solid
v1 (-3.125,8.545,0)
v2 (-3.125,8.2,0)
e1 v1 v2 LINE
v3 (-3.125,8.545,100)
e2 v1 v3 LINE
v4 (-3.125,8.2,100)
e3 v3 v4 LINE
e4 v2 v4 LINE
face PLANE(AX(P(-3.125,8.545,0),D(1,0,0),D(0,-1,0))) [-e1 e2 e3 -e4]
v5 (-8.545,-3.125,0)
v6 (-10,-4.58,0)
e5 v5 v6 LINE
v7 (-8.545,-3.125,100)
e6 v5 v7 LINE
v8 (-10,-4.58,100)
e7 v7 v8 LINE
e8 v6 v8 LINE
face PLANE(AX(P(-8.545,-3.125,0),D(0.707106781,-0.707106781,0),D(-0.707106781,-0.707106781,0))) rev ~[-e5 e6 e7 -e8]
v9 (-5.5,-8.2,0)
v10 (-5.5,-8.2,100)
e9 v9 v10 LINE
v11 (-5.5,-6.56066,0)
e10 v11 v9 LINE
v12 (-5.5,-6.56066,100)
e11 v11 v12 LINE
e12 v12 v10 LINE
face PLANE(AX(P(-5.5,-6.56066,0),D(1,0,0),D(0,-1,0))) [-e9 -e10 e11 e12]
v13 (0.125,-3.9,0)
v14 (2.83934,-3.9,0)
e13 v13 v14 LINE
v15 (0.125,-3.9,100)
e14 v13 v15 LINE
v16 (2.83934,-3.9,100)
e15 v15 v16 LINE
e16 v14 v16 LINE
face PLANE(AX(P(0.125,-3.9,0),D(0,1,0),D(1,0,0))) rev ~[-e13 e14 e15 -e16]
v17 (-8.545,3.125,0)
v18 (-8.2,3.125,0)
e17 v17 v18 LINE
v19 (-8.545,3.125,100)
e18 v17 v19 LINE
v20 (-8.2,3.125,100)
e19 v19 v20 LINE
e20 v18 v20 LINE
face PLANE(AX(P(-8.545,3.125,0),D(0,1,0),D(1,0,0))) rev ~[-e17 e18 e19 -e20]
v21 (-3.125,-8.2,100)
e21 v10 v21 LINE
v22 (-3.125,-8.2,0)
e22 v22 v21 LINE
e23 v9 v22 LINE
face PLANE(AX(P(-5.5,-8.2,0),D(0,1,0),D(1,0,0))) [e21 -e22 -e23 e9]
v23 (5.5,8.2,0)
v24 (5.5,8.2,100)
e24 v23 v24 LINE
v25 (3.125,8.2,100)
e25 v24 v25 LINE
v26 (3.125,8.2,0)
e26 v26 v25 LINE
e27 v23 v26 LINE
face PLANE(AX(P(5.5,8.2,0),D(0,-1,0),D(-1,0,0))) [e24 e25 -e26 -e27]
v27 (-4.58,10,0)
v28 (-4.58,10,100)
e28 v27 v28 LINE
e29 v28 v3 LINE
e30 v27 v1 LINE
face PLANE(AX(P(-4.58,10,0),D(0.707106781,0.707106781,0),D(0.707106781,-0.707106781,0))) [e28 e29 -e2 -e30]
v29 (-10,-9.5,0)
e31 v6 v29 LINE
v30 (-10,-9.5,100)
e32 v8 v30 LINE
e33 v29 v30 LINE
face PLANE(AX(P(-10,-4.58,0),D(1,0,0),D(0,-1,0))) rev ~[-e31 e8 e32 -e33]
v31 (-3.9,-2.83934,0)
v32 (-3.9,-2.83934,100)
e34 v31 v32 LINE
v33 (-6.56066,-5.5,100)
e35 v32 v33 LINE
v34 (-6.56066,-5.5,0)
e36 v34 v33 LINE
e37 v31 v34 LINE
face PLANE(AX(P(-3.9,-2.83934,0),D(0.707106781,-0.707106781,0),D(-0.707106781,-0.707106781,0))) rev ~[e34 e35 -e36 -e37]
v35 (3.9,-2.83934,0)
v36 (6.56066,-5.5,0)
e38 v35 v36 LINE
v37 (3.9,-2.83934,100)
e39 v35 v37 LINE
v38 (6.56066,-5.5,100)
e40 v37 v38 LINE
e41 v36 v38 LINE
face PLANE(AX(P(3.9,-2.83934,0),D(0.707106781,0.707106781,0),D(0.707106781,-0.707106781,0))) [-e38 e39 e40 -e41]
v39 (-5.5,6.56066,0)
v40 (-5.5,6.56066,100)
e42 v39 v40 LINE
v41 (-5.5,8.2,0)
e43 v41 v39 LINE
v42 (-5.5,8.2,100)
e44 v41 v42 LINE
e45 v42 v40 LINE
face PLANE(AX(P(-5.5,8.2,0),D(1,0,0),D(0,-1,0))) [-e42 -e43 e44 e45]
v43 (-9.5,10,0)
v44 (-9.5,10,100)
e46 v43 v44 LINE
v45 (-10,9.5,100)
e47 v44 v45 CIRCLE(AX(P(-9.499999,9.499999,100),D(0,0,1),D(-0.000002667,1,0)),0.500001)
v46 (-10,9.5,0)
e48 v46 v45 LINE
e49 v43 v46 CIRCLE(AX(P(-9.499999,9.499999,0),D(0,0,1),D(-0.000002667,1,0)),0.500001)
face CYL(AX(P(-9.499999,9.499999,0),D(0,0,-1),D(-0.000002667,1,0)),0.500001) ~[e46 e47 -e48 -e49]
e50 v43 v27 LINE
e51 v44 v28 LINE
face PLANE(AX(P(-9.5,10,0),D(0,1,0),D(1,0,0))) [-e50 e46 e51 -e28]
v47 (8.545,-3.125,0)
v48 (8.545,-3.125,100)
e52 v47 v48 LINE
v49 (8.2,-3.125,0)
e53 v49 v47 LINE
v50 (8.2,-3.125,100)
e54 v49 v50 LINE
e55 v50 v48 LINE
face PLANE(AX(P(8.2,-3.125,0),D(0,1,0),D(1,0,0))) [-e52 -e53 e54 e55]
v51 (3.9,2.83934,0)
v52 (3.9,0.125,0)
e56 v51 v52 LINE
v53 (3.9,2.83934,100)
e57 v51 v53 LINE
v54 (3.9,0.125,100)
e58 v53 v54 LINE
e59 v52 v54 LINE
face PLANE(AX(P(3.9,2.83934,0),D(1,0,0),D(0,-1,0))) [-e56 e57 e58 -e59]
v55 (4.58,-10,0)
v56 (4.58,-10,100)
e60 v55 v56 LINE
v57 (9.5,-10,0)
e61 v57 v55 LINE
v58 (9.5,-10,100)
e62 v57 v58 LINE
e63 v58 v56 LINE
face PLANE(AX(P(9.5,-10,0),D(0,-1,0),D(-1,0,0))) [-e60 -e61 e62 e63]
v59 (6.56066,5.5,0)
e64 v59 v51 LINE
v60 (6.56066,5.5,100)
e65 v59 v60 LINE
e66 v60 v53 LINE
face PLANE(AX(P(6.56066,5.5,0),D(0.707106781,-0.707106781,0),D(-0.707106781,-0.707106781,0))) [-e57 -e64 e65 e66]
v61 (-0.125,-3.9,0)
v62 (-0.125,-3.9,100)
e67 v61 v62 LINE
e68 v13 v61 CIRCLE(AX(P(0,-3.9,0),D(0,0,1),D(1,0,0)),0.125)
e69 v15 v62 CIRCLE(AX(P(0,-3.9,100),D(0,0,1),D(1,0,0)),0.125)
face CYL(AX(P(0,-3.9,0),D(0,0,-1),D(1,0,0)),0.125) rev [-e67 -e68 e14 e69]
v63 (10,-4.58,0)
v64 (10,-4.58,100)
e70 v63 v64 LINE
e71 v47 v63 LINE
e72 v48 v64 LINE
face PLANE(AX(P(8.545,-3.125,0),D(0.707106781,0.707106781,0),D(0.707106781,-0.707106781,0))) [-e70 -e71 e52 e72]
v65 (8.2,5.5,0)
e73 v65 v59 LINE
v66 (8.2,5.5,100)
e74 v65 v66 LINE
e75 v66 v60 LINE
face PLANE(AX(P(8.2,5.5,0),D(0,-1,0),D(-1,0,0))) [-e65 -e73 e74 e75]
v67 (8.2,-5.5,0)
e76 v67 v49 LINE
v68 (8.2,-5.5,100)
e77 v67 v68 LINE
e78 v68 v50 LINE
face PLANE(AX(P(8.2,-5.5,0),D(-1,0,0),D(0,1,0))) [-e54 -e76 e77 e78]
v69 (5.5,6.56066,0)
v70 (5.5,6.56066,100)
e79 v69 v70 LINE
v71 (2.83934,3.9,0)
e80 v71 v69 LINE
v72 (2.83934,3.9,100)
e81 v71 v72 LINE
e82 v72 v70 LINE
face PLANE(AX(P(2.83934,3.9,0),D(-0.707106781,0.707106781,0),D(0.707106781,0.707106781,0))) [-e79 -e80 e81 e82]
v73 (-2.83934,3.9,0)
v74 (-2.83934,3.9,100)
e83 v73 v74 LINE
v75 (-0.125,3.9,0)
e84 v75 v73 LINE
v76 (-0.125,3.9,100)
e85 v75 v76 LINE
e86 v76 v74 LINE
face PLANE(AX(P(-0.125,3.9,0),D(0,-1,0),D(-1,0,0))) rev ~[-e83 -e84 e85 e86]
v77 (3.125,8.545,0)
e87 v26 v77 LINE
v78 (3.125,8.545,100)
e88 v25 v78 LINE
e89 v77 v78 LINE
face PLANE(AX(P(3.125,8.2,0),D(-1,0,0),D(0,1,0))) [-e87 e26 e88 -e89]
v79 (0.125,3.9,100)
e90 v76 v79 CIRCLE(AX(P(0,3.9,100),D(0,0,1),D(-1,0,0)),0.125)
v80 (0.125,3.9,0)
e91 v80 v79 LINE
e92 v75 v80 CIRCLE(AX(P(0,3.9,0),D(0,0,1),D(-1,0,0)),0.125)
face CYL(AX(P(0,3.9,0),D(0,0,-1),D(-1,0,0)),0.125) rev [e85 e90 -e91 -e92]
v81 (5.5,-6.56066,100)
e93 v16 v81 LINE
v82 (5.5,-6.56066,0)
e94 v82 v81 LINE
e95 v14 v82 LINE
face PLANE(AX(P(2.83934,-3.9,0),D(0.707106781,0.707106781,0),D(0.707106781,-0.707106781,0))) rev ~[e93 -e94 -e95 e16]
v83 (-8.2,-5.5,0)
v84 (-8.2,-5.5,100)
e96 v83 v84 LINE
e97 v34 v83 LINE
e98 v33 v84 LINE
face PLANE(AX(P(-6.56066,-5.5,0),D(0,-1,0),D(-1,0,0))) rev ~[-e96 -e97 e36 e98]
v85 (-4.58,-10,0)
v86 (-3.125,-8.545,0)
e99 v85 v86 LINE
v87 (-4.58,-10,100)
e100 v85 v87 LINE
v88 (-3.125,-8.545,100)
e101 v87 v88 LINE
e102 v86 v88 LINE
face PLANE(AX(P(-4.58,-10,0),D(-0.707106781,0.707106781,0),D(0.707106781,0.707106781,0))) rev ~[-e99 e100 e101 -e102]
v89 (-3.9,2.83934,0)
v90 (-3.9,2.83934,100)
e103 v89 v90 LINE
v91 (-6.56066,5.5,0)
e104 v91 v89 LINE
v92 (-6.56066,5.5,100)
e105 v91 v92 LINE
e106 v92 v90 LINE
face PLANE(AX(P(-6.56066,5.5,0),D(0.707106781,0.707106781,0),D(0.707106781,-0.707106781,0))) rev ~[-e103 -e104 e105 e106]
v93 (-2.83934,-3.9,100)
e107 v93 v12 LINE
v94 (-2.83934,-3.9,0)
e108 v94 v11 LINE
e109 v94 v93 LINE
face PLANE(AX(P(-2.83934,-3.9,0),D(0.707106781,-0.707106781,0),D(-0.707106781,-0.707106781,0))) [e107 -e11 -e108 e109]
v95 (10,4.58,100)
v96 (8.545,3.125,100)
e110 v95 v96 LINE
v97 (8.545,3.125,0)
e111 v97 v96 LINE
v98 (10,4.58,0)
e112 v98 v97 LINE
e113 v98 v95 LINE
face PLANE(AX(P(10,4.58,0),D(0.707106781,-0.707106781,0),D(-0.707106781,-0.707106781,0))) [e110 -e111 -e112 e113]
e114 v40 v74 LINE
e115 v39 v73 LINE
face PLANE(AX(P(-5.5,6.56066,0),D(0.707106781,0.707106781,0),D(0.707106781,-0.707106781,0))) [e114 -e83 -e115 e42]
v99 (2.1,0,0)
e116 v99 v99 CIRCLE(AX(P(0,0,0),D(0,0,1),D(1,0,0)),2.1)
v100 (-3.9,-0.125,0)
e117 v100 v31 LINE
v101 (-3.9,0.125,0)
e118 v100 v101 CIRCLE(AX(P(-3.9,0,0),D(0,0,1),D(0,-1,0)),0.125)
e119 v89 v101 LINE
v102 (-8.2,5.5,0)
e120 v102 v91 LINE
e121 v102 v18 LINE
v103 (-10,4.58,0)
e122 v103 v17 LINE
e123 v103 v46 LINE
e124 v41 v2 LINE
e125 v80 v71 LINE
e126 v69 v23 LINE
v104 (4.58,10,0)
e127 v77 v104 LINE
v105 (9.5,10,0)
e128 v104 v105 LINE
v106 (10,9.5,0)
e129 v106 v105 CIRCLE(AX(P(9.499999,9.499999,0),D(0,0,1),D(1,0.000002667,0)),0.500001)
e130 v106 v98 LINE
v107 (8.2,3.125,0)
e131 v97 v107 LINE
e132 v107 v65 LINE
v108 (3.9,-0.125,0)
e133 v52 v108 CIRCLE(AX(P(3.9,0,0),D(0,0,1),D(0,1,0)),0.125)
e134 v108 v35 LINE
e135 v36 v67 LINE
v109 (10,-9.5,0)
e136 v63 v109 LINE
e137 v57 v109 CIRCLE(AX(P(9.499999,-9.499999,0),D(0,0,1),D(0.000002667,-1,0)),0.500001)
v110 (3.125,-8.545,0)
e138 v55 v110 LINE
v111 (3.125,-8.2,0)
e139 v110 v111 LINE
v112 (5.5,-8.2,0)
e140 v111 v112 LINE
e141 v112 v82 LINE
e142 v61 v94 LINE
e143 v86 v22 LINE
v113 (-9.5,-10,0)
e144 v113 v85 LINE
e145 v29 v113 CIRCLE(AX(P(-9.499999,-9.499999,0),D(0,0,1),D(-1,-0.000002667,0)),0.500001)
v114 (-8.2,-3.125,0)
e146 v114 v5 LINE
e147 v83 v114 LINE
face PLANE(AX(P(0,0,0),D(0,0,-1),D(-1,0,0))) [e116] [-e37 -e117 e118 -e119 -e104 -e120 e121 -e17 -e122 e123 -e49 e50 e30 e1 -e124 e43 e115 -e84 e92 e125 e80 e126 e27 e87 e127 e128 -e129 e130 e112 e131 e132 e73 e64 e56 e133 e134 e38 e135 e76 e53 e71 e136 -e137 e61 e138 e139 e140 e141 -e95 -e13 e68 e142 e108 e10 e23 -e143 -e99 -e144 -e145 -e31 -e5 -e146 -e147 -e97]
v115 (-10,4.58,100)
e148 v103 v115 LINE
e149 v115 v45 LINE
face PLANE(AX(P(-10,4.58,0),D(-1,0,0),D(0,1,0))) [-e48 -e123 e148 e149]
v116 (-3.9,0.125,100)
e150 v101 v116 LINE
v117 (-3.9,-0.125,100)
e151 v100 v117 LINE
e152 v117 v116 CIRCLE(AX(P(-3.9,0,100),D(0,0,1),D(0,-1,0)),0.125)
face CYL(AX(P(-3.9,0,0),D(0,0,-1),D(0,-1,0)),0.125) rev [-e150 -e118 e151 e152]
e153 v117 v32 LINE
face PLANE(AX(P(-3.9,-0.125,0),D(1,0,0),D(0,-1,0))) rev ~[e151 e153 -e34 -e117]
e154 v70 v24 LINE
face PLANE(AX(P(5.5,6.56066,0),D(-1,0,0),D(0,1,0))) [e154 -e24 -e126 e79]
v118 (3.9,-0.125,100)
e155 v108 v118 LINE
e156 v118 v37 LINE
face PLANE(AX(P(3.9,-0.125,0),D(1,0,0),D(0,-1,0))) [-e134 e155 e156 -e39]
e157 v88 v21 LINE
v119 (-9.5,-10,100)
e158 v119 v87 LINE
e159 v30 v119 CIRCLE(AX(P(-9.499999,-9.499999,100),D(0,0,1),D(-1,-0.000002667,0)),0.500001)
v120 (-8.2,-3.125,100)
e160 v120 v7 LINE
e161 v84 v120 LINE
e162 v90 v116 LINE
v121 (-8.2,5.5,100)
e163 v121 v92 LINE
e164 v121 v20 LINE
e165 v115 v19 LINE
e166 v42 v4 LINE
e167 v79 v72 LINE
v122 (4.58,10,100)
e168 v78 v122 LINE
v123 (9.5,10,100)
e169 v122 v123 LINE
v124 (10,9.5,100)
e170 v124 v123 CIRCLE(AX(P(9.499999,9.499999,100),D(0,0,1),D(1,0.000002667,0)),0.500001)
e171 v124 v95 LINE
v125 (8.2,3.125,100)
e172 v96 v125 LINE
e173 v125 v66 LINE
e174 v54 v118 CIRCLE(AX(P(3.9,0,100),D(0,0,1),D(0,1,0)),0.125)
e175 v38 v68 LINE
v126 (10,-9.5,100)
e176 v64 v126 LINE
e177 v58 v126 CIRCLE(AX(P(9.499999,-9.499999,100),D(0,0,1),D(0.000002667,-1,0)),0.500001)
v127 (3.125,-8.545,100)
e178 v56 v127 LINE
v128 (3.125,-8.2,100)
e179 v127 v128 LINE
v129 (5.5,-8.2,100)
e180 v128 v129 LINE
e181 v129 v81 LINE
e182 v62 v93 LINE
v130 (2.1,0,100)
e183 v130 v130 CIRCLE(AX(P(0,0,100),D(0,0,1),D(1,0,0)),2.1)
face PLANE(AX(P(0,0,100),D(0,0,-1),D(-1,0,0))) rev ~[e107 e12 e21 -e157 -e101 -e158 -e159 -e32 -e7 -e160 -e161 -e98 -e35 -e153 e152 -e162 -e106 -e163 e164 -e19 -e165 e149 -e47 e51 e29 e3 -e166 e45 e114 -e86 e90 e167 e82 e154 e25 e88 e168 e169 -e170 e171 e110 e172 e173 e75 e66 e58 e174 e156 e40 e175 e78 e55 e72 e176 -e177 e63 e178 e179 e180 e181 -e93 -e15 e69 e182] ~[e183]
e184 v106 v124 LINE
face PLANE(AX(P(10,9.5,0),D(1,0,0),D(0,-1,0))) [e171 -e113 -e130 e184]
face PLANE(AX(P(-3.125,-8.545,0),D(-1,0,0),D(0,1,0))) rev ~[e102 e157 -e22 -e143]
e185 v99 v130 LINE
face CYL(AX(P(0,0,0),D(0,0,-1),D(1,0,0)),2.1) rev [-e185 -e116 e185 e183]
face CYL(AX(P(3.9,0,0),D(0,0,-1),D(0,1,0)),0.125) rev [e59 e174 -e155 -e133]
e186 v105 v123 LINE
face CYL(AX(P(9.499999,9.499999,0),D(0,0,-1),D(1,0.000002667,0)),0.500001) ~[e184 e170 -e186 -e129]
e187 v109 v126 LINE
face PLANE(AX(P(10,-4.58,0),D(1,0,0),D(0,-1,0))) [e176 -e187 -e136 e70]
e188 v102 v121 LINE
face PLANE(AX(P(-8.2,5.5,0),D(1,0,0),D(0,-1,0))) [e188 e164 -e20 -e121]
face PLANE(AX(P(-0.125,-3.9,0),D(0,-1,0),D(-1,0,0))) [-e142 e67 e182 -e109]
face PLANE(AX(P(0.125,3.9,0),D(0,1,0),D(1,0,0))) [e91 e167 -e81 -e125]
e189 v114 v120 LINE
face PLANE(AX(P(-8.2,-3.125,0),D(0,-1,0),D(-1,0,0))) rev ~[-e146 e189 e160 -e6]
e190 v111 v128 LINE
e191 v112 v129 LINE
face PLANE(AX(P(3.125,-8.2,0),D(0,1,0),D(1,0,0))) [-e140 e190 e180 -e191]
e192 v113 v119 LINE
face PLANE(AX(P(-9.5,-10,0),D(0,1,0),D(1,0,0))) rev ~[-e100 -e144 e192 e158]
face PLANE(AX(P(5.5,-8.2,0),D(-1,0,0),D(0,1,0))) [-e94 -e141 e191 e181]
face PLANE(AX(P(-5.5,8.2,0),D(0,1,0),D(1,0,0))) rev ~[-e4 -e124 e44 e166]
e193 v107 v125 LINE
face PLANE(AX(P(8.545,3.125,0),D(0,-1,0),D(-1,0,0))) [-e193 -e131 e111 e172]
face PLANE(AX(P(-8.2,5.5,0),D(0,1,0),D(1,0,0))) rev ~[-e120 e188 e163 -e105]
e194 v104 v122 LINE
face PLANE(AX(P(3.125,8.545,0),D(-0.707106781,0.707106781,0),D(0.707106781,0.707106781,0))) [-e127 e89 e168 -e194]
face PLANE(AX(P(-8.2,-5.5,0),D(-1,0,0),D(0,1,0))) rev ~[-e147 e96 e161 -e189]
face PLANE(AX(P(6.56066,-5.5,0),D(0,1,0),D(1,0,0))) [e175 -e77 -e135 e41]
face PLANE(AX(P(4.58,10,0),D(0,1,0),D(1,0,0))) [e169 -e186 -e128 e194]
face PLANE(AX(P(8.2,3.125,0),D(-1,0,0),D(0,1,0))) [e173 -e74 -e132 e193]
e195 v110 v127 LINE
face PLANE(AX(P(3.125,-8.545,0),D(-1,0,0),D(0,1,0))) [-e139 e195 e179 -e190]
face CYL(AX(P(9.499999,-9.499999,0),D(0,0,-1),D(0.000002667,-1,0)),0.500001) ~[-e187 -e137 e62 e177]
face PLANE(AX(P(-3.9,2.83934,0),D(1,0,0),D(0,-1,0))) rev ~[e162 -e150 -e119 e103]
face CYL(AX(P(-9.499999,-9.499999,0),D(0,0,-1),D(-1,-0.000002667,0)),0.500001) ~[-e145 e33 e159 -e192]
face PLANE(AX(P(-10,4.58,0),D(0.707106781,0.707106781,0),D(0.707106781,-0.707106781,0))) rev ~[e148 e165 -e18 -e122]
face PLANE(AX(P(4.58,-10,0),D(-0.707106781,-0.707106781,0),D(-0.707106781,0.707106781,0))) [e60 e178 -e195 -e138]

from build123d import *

# Parameters (mm, degrees)
SKETCH_R  = 2.1
PAD_DEPTH = 100


with BuildPart() as part:
    # Sketch → Pad (new body)
    with BuildSketch(Plane.XY):
        with BuildLine():
            Line((-10, 4.58), (-10, 9.5))
            ThreePointArc((-9.5, 10), (-9.853553, 9.853553), (-10, 9.5))
            Line((-9.5, 10), (-4.58, 10))
            Line((-4.58, 10), (-3.125, 8.545))
            Line((-3.125, 8.545), (-3.125, 8.2))
            Line((-5.5, 8.2), (-3.125, 8.2))
            Line((-5.5, 8.2), (-5.5, 6.56066))
            Line((-5.5, 6.56066), (-2.83934, 3.9))
            Line((-0.125, 3.9), (-2.83934, 3.9))
            ThreePointArc((-0.125, 3.9), (0, 3.775), (0.125, 3.9))
            Line((0.125, 3.9), (2.83934, 3.9))
            Line((2.83934, 3.9), (5.5, 6.56066))
            Line((5.5, 6.56066), (5.5, 8.2))
            Line((5.5, 8.2), (3.125, 8.2))
            Line((3.125, 8.2), (3.125, 8.545))
            Line((3.125, 8.545), (4.58, 10))
            Line((4.58, 10), (9.5, 10))
            ThreePointArc((10, 9.5), (9.853553, 9.853553), (9.5, 10))
            Line((10, 9.5), (10, 4.58))
            Line((10, 4.58), (8.545, 3.125))
            Line((8.545, 3.125), (8.2, 3.125))
            Line((8.2, 3.125), (8.2, 5.5))
            Line((8.2, 5.5), (6.56066, 5.5))
            Line((6.56066, 5.5), (3.9, 2.83934))
            Line((3.9, 2.83934), (3.9, 0.125))
            ThreePointArc((3.9, 0.125), (3.775, 0), (3.9, -0.125))
            Line((3.9, -0.125), (3.9, -2.83934))
            Line((3.9, -2.83934), (6.56066, -5.5))
            Line((6.56066, -5.5), (8.2, -5.5))
            Line((8.2, -5.5), (8.2, -3.125))
            Line((8.2, -3.125), (8.545, -3.125))
            Line((8.545, -3.125), (10, -4.58))
            Line((10, -4.58), (10, -9.5))
            ThreePointArc((9.5, -10), (9.853553, -9.853553), (10, -9.5))
            Line((9.5, -10), (4.58, -10))
            Line((4.58, -10), (3.125, -8.545))
            Line((3.125, -8.545), (3.125, -8.2))
            Line((3.125, -8.2), (5.5, -8.2))
            Line((5.5, -8.2), (5.5, -6.56066))
            Line((2.83934, -3.9), (5.5, -6.56066))
            Line((0.125, -3.9), (2.83934, -3.9))
            ThreePointArc((0.125, -3.9), (0, -3.775), (-0.125, -3.9))
            Line((-0.125, -3.9), (-2.83934, -3.9))
            Line((-2.83934, -3.9), (-5.5, -6.56066))
            Line((-5.5, -6.56066), (-5.5, -8.2))
            Line((-5.5, -8.2), (-3.125, -8.2))
            Line((-3.125, -8.545), (-3.125, -8.2))
            Line((-4.58, -10), (-3.125, -8.545))
            Line((-9.5, -10), (-4.58, -10))
            ThreePointArc((-10, -9.5), (-9.853553, -9.853553), (-9.5, -10))
            Line((-10, -4.58), (-10, -9.5))
            Line((-8.545, -3.125), (-10, -4.58))
            Line((-8.2, -3.125), (-8.545, -3.125))
            Line((-8.2, -5.5), (-8.2, -3.125))
            Line((-6.56066, -5.5), (-8.2, -5.5))
            Line((-3.9, -2.83934), (-6.56066, -5.5))
            Line((-3.9, -0.125), (-3.9, -2.83934))
            ThreePointArc((-3.9, -0.125), (-3.775, 0), (-3.9, 0.125))
            Line((-3.9, 2.83934), (-3.9, 0.125))
            Line((-6.56066, 5.5), (-3.9, 2.83934))
            Line((-8.2, 5.5), (-6.56066, 5.5))
            Line((-8.2, 5.5), (-8.2, 3.125))
            Line((-8.545, 3.125), (-8.2, 3.125))
            Line((-10, 4.58), (-8.545, 3.125))
        make_face()
        Circle(SKETCH_R, mode=Mode.SUBTRACT)
    extrude(amount=PAD_DEPTH)


solid = part.part
